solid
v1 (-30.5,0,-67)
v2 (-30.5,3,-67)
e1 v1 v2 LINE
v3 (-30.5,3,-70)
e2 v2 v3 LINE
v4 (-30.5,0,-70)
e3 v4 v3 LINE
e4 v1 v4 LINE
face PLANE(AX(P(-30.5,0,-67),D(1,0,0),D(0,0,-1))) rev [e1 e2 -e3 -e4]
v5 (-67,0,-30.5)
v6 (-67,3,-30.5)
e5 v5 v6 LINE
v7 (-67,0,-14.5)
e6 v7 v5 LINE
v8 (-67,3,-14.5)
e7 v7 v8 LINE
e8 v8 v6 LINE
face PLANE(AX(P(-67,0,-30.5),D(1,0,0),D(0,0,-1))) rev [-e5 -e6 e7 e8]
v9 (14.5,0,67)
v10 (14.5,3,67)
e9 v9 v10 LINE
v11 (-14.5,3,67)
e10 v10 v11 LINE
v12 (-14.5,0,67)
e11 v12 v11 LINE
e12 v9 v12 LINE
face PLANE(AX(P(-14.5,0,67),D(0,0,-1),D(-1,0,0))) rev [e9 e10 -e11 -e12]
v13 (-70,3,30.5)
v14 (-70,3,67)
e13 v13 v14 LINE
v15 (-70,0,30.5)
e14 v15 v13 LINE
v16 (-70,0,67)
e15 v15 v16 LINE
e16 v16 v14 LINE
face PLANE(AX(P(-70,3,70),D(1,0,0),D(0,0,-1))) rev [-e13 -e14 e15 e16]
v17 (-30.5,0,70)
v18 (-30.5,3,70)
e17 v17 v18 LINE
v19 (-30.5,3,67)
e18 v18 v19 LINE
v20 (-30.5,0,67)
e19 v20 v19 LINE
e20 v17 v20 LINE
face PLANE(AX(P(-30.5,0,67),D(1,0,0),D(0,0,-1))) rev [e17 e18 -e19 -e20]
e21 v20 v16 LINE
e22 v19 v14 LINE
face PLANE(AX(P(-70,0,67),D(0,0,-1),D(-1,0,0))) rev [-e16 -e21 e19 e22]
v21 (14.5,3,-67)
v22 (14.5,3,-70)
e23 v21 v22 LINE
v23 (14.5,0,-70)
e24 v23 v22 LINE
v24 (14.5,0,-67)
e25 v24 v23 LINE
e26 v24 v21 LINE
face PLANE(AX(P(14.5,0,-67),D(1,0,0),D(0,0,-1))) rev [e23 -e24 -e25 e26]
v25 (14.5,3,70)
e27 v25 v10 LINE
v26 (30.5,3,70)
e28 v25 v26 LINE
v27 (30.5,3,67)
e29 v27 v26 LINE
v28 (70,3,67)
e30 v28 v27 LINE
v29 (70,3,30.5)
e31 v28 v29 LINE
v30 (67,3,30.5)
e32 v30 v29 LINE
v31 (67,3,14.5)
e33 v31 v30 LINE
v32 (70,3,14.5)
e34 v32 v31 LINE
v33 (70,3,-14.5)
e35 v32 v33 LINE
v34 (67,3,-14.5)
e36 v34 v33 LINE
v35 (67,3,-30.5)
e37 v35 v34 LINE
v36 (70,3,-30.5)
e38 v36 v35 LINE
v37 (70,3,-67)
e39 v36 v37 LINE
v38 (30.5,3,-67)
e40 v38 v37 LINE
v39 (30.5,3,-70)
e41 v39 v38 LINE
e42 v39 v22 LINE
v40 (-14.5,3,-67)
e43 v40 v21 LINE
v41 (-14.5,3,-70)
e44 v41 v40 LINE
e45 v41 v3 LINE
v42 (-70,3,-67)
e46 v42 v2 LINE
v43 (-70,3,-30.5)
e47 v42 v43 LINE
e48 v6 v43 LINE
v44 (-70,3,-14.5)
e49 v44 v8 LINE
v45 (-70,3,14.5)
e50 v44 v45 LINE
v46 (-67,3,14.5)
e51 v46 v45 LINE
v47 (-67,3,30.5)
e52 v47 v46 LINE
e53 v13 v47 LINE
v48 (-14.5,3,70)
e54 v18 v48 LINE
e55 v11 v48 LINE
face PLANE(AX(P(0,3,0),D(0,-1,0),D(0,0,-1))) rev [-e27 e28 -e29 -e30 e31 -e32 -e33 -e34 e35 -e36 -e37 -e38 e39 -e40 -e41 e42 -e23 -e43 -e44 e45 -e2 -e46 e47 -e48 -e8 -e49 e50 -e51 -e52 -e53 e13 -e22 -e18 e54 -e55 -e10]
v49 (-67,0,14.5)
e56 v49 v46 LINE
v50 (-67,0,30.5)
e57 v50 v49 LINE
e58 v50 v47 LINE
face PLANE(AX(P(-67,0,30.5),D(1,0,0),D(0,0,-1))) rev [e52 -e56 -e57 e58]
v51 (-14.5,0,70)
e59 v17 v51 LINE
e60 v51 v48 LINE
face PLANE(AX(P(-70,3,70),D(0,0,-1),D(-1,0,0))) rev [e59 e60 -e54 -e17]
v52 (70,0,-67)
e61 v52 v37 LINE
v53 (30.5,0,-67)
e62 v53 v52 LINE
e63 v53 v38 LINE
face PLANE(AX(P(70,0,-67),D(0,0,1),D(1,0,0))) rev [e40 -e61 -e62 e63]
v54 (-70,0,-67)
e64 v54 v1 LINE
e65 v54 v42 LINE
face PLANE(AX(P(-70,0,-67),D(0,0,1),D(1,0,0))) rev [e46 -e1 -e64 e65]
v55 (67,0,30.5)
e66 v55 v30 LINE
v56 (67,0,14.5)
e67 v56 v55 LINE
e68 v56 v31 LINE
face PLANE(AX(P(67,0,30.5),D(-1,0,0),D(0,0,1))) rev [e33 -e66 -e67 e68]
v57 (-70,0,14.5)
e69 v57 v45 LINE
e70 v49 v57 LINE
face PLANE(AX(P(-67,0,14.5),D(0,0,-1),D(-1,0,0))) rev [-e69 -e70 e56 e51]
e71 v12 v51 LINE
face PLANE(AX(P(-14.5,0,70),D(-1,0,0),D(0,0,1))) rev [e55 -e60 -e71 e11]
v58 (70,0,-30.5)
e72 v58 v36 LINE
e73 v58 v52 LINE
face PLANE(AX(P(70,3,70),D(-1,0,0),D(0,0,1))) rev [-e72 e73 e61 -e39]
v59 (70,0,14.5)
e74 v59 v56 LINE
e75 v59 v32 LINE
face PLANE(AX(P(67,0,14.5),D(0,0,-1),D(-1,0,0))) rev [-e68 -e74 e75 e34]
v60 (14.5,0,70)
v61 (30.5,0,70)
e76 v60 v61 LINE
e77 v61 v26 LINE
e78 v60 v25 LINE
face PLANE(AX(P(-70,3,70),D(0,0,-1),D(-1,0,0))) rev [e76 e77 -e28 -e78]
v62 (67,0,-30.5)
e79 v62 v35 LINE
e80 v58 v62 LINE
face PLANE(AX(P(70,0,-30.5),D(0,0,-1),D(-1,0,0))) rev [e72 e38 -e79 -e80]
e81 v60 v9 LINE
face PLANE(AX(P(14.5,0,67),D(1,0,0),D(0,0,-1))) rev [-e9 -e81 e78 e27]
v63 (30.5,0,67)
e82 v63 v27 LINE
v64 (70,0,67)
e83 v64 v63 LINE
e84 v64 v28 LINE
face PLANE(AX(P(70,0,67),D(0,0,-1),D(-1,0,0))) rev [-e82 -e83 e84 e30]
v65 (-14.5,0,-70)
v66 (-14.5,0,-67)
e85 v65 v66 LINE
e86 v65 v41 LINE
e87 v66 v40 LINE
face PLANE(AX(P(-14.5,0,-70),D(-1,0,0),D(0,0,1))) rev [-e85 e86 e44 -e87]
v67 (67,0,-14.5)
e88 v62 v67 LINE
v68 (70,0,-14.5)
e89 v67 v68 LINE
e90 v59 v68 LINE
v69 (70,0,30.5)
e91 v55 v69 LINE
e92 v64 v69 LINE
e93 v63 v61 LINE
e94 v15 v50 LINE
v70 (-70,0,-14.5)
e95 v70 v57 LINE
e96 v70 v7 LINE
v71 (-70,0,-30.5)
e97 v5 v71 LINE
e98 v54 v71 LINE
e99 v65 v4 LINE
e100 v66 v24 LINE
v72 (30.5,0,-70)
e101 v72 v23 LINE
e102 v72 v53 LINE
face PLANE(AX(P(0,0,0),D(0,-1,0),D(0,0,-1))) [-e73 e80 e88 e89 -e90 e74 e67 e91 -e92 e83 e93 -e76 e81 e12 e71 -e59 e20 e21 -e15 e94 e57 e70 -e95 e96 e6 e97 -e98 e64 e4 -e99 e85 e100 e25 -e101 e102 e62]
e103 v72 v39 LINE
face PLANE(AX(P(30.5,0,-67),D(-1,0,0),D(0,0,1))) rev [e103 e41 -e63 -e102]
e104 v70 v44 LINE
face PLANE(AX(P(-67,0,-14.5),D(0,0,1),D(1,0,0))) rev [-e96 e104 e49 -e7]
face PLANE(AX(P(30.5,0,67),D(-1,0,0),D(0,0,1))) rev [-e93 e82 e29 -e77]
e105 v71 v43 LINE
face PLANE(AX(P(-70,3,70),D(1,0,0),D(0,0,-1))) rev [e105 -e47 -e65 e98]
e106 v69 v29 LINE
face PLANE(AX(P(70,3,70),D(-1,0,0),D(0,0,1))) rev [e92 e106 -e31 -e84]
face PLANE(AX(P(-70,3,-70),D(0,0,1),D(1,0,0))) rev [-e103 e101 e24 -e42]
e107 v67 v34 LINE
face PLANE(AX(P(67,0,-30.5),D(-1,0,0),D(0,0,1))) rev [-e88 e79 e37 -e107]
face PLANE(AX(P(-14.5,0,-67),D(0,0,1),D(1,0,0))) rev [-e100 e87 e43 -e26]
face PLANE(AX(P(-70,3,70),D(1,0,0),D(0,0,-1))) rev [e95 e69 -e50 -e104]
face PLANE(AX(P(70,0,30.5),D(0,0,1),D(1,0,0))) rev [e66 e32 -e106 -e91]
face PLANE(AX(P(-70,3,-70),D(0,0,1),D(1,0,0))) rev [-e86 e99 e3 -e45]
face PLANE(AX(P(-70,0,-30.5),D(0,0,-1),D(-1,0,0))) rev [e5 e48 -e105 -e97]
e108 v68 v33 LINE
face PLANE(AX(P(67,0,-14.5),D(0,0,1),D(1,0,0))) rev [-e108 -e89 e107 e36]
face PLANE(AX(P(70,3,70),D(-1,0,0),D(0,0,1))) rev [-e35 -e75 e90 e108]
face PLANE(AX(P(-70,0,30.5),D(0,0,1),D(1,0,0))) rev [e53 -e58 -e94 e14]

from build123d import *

# Parameters (mm, degrees)
SKETCH1_W           = 140
SKETCH1_H           = 140
BOSS_EXTRUDE1_DEPTH = 3
SKETCH2_W           = 39.5
SKETCH2_H           = 3
SKETCH2_W_2         = 29
CUT_EXTRUDE2_DEPTH  = 3
SKETCH4_W           = 3
SKETCH4_H           = 16
CUT_EXTRUDE3_DEPTH  = 3


with BuildPart() as part:
    # Sketch1 → Boss-Extrude1 (new body)
    with BuildSketch(Plane(origin=(0, 0, 0), x_dir=(1, 0, 0), z_dir=(0, 1, 0))):
        Rectangle(SKETCH1_W, SKETCH1_H)
    extrude(amount=BOSS_EXTRUDE1_DEPTH)

    # Sketch2 → Cut-Extrude2 (cut)
    with BuildSketch(Plane(origin=(0, 3, 0), x_dir=(1, 0, 0), z_dir=(0, 1, 0))):
        with Locations((-50.25, 68.5)):
            Rectangle(SKETCH2_W, SKETCH2_H)
        with Locations((-50.25, -68.5)):
            Rectangle(SKETCH2_W, SKETCH2_H)
        with Locations((50.25, -68.5)):
            Rectangle(SKETCH2_W, SKETCH2_H)
        with Locations((50.25, 68.5)):
            Rectangle(SKETCH2_W, SKETCH2_H)
        with Locations((0, 68.5)):
            Rectangle(SKETCH2_W_2, SKETCH2_H)
        with Locations((0, -68.5)):
            Rectangle(SKETCH2_W_2, SKETCH2_H)
    extrude(amount=-CUT_EXTRUDE2_DEPTH, mode=Mode.SUBTRACT)

    # Sketch4 → Cut-Extrude3 (cut)
    with BuildSketch(Plane(origin=(0, 3, 0), x_dir=(1, 0, 0), z_dir=(0, 1, 0))):
        with Locations((-68.5, 22.5)):
            Rectangle(SKETCH4_W, SKETCH4_H)
        with Locations((-68.5, -22.5)):
            Rectangle(SKETCH4_W, SKETCH4_H)
        with Locations((68.5, 22.5)):
            Rectangle(SKETCH4_W, SKETCH4_H)
        with Locations((68.5, -22.5)):
            Rectangle(SKETCH4_W, SKETCH4_H)
    extrude(amount=-CUT_EXTRUDE3_DEPTH, mode=Mode.SUBTRACT)


solid = part.part
